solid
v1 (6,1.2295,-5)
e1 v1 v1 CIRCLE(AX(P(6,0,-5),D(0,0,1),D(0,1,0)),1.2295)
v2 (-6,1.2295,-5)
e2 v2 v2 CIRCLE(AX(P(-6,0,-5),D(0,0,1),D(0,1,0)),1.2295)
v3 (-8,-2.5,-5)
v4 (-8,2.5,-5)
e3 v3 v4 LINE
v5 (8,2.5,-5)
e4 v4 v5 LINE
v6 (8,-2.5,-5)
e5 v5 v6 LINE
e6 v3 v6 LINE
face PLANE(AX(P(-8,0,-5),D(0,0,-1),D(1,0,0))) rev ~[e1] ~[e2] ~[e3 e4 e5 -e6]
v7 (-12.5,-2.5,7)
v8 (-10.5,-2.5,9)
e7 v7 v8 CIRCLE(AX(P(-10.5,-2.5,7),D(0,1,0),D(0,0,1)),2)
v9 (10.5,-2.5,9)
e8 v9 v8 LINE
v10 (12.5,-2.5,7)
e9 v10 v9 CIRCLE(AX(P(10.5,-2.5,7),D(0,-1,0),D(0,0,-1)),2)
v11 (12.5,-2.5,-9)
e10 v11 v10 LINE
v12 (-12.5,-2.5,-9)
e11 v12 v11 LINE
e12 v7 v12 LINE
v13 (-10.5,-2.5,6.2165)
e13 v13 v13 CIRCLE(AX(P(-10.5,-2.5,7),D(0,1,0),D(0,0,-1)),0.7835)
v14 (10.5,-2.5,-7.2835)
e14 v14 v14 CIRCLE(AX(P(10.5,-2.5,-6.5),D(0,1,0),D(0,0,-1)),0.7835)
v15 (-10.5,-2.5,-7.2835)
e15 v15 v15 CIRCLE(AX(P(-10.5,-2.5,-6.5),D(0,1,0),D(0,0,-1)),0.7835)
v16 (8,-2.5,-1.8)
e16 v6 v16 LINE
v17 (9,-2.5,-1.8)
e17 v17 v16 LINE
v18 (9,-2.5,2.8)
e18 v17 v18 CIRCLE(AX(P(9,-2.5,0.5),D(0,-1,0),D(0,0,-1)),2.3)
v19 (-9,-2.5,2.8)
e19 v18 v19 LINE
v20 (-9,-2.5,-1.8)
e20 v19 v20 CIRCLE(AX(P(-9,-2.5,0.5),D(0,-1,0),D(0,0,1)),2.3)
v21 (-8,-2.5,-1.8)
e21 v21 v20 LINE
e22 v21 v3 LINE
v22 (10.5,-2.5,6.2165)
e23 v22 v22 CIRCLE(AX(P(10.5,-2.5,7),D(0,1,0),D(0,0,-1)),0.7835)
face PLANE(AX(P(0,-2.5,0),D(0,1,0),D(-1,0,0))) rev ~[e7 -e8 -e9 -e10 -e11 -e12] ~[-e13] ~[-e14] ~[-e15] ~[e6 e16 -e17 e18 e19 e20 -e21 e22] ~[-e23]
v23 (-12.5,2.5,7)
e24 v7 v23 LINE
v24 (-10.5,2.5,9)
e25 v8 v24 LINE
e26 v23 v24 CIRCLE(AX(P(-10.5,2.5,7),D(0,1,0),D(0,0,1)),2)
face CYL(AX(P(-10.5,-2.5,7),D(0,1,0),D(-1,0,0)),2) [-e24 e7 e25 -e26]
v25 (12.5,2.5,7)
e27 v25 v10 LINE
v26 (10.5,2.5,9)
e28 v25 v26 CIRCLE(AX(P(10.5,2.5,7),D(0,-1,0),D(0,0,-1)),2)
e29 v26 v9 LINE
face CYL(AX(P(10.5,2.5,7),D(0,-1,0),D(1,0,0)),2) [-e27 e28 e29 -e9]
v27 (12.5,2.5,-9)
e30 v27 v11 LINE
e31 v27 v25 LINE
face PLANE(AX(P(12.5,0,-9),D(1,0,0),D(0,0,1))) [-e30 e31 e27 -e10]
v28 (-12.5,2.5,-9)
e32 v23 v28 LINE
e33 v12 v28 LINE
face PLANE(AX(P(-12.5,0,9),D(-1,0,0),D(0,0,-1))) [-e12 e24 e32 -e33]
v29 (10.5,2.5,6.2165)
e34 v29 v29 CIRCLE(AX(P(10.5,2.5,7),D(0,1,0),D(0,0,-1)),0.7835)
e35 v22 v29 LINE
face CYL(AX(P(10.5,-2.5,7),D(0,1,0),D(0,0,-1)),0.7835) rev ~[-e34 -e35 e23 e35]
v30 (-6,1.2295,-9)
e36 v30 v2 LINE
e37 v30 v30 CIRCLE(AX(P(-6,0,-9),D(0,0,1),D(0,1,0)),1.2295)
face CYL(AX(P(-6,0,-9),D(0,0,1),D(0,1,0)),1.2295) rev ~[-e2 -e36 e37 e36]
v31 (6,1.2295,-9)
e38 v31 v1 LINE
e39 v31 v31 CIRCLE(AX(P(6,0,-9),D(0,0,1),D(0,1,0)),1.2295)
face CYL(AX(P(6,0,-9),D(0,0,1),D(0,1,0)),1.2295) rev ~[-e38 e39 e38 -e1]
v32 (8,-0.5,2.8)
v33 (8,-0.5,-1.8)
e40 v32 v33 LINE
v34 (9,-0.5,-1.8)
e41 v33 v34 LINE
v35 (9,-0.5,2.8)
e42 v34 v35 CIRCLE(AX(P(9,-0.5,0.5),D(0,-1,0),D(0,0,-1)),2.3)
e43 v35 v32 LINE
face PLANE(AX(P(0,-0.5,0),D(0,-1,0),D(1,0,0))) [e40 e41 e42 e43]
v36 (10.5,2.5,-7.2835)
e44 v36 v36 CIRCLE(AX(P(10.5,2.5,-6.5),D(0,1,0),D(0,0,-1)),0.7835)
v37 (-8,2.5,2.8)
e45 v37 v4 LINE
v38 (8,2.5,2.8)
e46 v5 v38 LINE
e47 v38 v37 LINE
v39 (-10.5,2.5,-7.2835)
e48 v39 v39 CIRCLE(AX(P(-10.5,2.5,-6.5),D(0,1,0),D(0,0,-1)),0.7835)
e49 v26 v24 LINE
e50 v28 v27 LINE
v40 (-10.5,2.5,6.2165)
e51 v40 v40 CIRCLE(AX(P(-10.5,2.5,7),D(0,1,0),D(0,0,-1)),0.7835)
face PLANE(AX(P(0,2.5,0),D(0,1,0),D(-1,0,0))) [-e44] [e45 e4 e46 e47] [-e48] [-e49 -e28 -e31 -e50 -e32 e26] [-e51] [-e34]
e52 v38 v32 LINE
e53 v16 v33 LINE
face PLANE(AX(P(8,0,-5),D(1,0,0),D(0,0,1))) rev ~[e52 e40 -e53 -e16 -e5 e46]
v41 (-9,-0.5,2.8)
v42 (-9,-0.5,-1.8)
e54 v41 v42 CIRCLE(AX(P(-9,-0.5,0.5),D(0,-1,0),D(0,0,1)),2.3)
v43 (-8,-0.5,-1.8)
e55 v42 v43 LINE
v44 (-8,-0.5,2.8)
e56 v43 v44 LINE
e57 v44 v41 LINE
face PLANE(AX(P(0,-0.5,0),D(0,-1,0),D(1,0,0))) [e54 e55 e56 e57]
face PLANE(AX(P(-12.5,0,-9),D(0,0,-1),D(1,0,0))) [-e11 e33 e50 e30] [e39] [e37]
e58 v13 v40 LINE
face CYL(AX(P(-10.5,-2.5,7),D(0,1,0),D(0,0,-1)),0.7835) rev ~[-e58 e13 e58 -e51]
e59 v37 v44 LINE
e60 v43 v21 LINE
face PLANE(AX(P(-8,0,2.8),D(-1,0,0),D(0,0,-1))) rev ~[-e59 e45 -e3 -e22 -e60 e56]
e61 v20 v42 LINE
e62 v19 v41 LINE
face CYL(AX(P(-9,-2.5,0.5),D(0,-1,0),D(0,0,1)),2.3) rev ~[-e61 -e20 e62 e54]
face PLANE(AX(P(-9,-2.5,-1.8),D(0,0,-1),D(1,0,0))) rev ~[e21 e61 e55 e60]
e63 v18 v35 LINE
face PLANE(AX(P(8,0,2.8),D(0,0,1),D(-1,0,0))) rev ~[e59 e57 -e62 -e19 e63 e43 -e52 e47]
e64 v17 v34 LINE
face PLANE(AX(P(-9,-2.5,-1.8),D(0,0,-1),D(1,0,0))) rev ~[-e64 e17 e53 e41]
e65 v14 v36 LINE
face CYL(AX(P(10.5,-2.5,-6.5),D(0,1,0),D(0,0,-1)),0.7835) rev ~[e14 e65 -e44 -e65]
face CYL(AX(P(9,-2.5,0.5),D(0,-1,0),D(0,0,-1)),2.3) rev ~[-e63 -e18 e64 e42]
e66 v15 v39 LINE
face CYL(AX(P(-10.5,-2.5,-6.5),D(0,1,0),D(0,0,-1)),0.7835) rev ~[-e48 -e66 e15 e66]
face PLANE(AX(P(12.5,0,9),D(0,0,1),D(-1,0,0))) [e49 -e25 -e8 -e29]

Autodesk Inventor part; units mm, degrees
ref_plane "YZ Plane" through (0, 0, 0) normal (1, 0, 0) x (0, 1, 0)
ref_plane "XZ Plane" through (0, 0, 0) normal (0, 1, 0) x (-1, 0, 0)
ref_plane "XY Plane" through (0, 0, 0) normal (0, 0, 1) x (1, 0, 0)
sketch "Skizze1" plane through (0, 0, 0) normal (0, 1, 0) x (-1, 0, 0)
  line L0 (12.5, -9) -> (-12.5, -9)
  line L1 (-12.5, -9) -> (-12.5, 9)
  line L2 (-12.5, 9) -> (12.5, 9)
  line L3 (12.5, 9) -> (12.5, -9)
  line L4 (12.5, -9) -> (-12.5, 9) construction
  line L5 (-12.5, -9) -> (12.5, 9) construction
  line L6 (8, -5) -> (-8, -5)
  line L7 (-8, -5) -> (-8, 2.8)
  line L8 (-8, 2.8) -> (8, 2.8)
  line L9 (8, 2.8) -> (8, -5)
  line L10 (0, 2.8) -> (0, -5) construction
  point P0 (0, 0)
  point P1 (0, 0)
  dimension "d0" = 25
  dimension "d1" = 18
  dimension "d23" = 16
  dimension "d28" = 4
  dimension "d29" = 7.8
extrude "Extrusion1" add sketch "Skizze1" along normal mid plane 5
sketch "Skizze2" plane through (0, -2.5, 0) normal (0, -1, 0) x (1, 0, 0)
  line L0 (-10.5, 7) -> (10.5, 7) construction
  line L1 (10.5, 7) -> (10.5, -6.5) construction
  line L2 (10.5, -6.5) -> (-10.5, -6.5) construction
  line L3 (-10.5, -6.5) -> (-10.5, 7) construction
  line L4 (0, 12.6) -> (0, -12.6) projected
  line L5 (12.5, 9) -> (-12.5, 9) projected
  point P0 (0, 0)
  dimension "d4" = 21
  dimension "d5" = 13.5
  dimension "d6" = 2
hole "Bohrung1" at (-10.5, -2.5, 7) at (10.5, -2.5, 7) at (10.5, -2.5, -6.5) at (-10.5, -2.5, -6.5) direction (0, 1, 0) diameter 1.567 end through all thread size "M2x0.4" class "6H" standard "ISO Metric profile"
sketch "Skizze3" plane through (12.5, 2.5, -9) normal (0, 0, -1) x (-1, 0, 0)
  line L0 (25, -5) -> (25, 0) projected
  line L1 (0, 0) -> (25, 0) projected
  line L2 (0, 0) -> (0, -5) projected
  line L3 (25, -5) -> (0, -5) projected
  line L4 (25, -2.5) -> (0, -2.5) construction
  line L5 (0, -5) -> (25, -5) construction
  line L6 (12.5, -5) -> (12.5, 0) construction
  line L7 (25, 0) -> (0, 0) construction
  point P0 (12.5, -2.5)
  point P1 (18.5, -2.5)
  point P2 (6.5, -2.5)
  dimension "d14" = 12
hole "Bohrung2" at (-6, 0, -9) at (6, 0, -9) direction (0, 0, 1) diameter 2.459 depth 4 thread size "M3x0.5" class "6H" standard "ISO Metric profile"
fillet "Rundung1" radius 2 2 edges at (-12.5, 0, 9) (12.5, 0, 9)
sketch "Skizze4" plane through (0, -2.5, 0) normal (0, -1, 0) x (1, 0, 0)
  line L0 (-9, 0.5) -> (9, 0.5) construction
  line L1 (-9, -1.8) -> (9, -1.8)
  line L2 (9, 2.8) -> (-9, 2.8)
  arc A0 (-9, 2.8) -> (-9, -1.8) centre (-9, 0.5) ccw
  arc A1 (9, -1.8) -> (9, 2.8) centre (9, 0.5) ccw
  line L3 (0, 12.6) -> (0, -12.6) projected
  line L4 (-12.5, -9) -> (12.5, -9) projected
  point P0 (0, 0)
  point P1 (0, 0.5)
  dimension "d24" = 4.6
  dimension "d25" = 18
  dimension "d30" = 9.5
extrude "Extrusion2" cut sketch "Skizze4" against normal blind 2
properties part number "Kamerahalter Vorne" material "PC/ABS-Kunststoff"
